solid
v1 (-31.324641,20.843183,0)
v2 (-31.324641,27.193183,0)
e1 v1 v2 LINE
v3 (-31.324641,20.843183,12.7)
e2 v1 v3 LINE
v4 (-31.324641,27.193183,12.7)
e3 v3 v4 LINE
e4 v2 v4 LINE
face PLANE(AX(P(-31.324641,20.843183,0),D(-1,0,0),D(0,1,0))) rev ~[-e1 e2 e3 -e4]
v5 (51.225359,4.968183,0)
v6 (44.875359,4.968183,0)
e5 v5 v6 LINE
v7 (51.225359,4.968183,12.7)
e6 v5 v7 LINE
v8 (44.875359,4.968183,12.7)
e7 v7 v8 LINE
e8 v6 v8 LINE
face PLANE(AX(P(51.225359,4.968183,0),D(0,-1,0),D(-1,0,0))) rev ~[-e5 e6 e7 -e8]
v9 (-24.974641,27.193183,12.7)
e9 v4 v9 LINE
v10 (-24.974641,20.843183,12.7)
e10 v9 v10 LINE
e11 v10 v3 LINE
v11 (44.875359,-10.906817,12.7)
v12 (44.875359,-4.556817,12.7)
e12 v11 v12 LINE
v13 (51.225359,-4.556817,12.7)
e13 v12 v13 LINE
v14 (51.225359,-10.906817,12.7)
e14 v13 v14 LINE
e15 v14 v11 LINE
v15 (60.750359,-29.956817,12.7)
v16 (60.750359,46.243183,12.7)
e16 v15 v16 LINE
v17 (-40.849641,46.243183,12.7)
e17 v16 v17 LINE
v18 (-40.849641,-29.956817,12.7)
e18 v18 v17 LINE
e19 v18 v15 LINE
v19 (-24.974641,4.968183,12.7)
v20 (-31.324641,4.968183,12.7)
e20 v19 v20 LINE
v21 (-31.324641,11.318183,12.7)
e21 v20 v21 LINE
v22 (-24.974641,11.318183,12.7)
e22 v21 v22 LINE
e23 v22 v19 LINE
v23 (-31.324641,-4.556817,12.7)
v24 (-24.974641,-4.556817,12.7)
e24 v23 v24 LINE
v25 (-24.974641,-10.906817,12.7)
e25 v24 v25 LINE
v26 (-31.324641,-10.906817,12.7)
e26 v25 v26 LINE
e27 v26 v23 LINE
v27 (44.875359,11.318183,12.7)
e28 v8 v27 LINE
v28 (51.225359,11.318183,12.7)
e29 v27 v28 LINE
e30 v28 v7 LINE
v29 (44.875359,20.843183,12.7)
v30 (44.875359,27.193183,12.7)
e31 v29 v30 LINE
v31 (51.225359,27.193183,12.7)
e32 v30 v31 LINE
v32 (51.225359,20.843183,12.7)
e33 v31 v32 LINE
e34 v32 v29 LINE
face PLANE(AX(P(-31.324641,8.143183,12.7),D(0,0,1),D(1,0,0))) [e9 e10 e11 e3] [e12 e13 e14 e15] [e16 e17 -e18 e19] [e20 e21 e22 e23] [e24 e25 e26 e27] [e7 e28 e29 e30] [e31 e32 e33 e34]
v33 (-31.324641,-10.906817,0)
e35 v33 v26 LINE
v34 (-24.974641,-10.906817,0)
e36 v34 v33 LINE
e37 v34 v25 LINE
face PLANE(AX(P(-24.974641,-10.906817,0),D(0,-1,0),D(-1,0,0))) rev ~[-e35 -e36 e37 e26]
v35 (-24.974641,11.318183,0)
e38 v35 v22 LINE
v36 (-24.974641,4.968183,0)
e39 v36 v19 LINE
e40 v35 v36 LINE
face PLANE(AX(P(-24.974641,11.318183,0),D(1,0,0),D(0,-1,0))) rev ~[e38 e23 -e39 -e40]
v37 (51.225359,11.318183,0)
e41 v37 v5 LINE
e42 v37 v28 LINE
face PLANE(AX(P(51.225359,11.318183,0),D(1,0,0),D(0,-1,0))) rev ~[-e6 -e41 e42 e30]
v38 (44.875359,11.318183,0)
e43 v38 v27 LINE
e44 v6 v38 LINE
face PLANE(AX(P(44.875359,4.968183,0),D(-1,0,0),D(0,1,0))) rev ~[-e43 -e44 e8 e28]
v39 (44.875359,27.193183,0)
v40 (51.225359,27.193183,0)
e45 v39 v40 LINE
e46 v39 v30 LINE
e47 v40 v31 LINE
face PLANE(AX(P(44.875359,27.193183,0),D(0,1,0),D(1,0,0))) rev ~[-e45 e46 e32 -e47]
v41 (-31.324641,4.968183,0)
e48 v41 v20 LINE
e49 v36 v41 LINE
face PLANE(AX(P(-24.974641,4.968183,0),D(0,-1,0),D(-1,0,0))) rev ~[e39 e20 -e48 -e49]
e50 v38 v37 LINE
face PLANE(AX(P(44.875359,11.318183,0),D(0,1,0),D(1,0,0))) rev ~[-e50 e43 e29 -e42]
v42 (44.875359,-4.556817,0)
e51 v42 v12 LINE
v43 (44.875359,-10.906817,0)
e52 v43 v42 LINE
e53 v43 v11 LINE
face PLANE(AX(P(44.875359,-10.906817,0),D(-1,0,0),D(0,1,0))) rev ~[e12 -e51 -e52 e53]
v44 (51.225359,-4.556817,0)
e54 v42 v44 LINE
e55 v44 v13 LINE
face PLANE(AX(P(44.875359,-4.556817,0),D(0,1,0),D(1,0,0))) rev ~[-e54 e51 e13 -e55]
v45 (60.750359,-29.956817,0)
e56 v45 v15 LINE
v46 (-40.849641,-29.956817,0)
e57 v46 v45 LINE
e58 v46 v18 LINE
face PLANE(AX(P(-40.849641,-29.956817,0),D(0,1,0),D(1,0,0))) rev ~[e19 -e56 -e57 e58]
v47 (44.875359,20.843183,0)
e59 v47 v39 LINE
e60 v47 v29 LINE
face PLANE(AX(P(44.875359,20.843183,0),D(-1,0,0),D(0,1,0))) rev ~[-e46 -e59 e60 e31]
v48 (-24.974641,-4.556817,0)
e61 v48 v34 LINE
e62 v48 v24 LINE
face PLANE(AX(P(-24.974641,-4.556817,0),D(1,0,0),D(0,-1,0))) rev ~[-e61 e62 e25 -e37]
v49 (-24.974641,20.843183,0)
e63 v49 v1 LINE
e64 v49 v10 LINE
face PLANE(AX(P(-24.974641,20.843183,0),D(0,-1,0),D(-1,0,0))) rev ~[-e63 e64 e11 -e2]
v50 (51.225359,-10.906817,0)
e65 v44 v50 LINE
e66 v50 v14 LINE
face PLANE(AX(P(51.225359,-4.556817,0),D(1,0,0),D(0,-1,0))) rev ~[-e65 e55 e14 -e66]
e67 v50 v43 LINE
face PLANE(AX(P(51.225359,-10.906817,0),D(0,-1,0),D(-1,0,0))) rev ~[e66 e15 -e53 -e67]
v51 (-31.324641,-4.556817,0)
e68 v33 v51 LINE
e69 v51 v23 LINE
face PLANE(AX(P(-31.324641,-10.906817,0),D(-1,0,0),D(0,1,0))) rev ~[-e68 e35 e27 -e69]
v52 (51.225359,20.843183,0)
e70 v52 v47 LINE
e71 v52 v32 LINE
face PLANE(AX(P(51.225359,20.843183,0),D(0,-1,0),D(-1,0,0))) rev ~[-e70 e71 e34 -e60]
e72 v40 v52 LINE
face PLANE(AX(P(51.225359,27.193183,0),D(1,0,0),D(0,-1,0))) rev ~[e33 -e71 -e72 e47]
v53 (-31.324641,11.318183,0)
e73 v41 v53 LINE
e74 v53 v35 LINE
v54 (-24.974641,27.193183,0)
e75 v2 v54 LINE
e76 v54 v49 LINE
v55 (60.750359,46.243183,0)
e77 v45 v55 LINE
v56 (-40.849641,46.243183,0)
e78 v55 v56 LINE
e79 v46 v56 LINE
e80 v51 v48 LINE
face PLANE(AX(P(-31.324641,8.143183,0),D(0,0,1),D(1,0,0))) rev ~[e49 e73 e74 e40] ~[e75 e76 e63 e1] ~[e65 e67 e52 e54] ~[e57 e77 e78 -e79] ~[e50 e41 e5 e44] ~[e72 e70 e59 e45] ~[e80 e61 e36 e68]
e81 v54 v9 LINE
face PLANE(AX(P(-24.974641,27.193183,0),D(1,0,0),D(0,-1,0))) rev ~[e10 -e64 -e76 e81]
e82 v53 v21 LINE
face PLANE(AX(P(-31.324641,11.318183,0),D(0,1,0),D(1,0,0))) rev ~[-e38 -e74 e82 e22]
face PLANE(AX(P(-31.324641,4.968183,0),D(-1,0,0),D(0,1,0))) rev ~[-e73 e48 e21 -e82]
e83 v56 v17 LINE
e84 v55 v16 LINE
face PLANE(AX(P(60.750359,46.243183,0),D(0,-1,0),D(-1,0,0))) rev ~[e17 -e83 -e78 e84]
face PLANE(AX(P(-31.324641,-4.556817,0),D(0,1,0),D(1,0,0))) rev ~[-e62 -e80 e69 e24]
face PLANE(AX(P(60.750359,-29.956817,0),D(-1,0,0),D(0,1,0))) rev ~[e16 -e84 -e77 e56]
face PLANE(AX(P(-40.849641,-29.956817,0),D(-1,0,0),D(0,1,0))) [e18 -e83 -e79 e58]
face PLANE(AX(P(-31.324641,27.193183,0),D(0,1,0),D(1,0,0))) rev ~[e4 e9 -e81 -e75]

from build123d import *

# Parameters (mm, degrees)
F0_W     = 19.05
F0_H     = 76.2
F0_W_2   = 63.5
F1_DEPTH = 12.7


with BuildPart() as f1:
    # F0 (on Top) → F1 (new body)
    with BuildSketch(Plane.XY):
        with Locations((-31.324641, 8.143183)):
            Rectangle(F0_W, F0_H)
        Polygon((-31.324641, -4.556817), (-24.974641, -4.556817), (-24.974641, -7.731817), (-24.974641, -10.906817), (-31.324641, -10.906817), (-31.324641, -7.731817), align=None, mode=Mode.SUBTRACT)
        Polygon((-31.324641, 11.318183), (-24.974641, 11.318183), (-24.974641, 8.143183), (-24.974641, 4.968183), (-31.324641, 4.968183), (-31.324641, 8.143183), align=None, mode=Mode.SUBTRACT)
        Polygon((-31.324641, 27.193183), (-24.974641, 27.193183), (-24.974641, 24.018183), (-24.974641, 20.843183), (-31.324641, 20.843183), (-31.324641, 24.018183), align=None, mode=Mode.SUBTRACT)
        with Locations((9.950359, 8.143183)):
            Rectangle(F0_W_2, F0_H)
        Polygon((48.050359, 46.243183), (41.700359, 46.243183), (41.700359, -29.956817), (48.050359, -29.956817), (48.050359, -10.906817), (44.875359, -10.906817), (44.875359, -7.731817), (44.875359, -4.556817), (48.050359, -4.556817), (48.050359, 4.968183), (44.875359, 4.968183), (44.875359, 8.143183), (44.875359, 11.318183), (48.050359, 11.318183), (48.050359, 20.843183), (44.875359, 20.843183), (44.875359, 24.018183), (44.875359, 27.193183), (48.050359, 27.193183), align=None)
        Polygon((60.750359, 46.243183), (48.050359, 46.243183), (48.050359, 27.193183), (51.225359, 27.193183), (51.225359, 24.018183), (51.225359, 20.843183), (48.050359, 20.843183), (48.050359, 11.318183), (51.225359, 11.318183), (51.225359, 8.143183), (51.225359, 4.968183), (48.050359, 4.968183), (48.050359, -4.556817), (51.225359, -4.556817), (51.225359, -7.731817), (51.225359, -10.906817), (48.050359, -10.906817), (48.050359, -29.956817), (60.750359, -29.956817), align=None)
    extrude(amount=F1_DEPTH)


solid = f1.part
